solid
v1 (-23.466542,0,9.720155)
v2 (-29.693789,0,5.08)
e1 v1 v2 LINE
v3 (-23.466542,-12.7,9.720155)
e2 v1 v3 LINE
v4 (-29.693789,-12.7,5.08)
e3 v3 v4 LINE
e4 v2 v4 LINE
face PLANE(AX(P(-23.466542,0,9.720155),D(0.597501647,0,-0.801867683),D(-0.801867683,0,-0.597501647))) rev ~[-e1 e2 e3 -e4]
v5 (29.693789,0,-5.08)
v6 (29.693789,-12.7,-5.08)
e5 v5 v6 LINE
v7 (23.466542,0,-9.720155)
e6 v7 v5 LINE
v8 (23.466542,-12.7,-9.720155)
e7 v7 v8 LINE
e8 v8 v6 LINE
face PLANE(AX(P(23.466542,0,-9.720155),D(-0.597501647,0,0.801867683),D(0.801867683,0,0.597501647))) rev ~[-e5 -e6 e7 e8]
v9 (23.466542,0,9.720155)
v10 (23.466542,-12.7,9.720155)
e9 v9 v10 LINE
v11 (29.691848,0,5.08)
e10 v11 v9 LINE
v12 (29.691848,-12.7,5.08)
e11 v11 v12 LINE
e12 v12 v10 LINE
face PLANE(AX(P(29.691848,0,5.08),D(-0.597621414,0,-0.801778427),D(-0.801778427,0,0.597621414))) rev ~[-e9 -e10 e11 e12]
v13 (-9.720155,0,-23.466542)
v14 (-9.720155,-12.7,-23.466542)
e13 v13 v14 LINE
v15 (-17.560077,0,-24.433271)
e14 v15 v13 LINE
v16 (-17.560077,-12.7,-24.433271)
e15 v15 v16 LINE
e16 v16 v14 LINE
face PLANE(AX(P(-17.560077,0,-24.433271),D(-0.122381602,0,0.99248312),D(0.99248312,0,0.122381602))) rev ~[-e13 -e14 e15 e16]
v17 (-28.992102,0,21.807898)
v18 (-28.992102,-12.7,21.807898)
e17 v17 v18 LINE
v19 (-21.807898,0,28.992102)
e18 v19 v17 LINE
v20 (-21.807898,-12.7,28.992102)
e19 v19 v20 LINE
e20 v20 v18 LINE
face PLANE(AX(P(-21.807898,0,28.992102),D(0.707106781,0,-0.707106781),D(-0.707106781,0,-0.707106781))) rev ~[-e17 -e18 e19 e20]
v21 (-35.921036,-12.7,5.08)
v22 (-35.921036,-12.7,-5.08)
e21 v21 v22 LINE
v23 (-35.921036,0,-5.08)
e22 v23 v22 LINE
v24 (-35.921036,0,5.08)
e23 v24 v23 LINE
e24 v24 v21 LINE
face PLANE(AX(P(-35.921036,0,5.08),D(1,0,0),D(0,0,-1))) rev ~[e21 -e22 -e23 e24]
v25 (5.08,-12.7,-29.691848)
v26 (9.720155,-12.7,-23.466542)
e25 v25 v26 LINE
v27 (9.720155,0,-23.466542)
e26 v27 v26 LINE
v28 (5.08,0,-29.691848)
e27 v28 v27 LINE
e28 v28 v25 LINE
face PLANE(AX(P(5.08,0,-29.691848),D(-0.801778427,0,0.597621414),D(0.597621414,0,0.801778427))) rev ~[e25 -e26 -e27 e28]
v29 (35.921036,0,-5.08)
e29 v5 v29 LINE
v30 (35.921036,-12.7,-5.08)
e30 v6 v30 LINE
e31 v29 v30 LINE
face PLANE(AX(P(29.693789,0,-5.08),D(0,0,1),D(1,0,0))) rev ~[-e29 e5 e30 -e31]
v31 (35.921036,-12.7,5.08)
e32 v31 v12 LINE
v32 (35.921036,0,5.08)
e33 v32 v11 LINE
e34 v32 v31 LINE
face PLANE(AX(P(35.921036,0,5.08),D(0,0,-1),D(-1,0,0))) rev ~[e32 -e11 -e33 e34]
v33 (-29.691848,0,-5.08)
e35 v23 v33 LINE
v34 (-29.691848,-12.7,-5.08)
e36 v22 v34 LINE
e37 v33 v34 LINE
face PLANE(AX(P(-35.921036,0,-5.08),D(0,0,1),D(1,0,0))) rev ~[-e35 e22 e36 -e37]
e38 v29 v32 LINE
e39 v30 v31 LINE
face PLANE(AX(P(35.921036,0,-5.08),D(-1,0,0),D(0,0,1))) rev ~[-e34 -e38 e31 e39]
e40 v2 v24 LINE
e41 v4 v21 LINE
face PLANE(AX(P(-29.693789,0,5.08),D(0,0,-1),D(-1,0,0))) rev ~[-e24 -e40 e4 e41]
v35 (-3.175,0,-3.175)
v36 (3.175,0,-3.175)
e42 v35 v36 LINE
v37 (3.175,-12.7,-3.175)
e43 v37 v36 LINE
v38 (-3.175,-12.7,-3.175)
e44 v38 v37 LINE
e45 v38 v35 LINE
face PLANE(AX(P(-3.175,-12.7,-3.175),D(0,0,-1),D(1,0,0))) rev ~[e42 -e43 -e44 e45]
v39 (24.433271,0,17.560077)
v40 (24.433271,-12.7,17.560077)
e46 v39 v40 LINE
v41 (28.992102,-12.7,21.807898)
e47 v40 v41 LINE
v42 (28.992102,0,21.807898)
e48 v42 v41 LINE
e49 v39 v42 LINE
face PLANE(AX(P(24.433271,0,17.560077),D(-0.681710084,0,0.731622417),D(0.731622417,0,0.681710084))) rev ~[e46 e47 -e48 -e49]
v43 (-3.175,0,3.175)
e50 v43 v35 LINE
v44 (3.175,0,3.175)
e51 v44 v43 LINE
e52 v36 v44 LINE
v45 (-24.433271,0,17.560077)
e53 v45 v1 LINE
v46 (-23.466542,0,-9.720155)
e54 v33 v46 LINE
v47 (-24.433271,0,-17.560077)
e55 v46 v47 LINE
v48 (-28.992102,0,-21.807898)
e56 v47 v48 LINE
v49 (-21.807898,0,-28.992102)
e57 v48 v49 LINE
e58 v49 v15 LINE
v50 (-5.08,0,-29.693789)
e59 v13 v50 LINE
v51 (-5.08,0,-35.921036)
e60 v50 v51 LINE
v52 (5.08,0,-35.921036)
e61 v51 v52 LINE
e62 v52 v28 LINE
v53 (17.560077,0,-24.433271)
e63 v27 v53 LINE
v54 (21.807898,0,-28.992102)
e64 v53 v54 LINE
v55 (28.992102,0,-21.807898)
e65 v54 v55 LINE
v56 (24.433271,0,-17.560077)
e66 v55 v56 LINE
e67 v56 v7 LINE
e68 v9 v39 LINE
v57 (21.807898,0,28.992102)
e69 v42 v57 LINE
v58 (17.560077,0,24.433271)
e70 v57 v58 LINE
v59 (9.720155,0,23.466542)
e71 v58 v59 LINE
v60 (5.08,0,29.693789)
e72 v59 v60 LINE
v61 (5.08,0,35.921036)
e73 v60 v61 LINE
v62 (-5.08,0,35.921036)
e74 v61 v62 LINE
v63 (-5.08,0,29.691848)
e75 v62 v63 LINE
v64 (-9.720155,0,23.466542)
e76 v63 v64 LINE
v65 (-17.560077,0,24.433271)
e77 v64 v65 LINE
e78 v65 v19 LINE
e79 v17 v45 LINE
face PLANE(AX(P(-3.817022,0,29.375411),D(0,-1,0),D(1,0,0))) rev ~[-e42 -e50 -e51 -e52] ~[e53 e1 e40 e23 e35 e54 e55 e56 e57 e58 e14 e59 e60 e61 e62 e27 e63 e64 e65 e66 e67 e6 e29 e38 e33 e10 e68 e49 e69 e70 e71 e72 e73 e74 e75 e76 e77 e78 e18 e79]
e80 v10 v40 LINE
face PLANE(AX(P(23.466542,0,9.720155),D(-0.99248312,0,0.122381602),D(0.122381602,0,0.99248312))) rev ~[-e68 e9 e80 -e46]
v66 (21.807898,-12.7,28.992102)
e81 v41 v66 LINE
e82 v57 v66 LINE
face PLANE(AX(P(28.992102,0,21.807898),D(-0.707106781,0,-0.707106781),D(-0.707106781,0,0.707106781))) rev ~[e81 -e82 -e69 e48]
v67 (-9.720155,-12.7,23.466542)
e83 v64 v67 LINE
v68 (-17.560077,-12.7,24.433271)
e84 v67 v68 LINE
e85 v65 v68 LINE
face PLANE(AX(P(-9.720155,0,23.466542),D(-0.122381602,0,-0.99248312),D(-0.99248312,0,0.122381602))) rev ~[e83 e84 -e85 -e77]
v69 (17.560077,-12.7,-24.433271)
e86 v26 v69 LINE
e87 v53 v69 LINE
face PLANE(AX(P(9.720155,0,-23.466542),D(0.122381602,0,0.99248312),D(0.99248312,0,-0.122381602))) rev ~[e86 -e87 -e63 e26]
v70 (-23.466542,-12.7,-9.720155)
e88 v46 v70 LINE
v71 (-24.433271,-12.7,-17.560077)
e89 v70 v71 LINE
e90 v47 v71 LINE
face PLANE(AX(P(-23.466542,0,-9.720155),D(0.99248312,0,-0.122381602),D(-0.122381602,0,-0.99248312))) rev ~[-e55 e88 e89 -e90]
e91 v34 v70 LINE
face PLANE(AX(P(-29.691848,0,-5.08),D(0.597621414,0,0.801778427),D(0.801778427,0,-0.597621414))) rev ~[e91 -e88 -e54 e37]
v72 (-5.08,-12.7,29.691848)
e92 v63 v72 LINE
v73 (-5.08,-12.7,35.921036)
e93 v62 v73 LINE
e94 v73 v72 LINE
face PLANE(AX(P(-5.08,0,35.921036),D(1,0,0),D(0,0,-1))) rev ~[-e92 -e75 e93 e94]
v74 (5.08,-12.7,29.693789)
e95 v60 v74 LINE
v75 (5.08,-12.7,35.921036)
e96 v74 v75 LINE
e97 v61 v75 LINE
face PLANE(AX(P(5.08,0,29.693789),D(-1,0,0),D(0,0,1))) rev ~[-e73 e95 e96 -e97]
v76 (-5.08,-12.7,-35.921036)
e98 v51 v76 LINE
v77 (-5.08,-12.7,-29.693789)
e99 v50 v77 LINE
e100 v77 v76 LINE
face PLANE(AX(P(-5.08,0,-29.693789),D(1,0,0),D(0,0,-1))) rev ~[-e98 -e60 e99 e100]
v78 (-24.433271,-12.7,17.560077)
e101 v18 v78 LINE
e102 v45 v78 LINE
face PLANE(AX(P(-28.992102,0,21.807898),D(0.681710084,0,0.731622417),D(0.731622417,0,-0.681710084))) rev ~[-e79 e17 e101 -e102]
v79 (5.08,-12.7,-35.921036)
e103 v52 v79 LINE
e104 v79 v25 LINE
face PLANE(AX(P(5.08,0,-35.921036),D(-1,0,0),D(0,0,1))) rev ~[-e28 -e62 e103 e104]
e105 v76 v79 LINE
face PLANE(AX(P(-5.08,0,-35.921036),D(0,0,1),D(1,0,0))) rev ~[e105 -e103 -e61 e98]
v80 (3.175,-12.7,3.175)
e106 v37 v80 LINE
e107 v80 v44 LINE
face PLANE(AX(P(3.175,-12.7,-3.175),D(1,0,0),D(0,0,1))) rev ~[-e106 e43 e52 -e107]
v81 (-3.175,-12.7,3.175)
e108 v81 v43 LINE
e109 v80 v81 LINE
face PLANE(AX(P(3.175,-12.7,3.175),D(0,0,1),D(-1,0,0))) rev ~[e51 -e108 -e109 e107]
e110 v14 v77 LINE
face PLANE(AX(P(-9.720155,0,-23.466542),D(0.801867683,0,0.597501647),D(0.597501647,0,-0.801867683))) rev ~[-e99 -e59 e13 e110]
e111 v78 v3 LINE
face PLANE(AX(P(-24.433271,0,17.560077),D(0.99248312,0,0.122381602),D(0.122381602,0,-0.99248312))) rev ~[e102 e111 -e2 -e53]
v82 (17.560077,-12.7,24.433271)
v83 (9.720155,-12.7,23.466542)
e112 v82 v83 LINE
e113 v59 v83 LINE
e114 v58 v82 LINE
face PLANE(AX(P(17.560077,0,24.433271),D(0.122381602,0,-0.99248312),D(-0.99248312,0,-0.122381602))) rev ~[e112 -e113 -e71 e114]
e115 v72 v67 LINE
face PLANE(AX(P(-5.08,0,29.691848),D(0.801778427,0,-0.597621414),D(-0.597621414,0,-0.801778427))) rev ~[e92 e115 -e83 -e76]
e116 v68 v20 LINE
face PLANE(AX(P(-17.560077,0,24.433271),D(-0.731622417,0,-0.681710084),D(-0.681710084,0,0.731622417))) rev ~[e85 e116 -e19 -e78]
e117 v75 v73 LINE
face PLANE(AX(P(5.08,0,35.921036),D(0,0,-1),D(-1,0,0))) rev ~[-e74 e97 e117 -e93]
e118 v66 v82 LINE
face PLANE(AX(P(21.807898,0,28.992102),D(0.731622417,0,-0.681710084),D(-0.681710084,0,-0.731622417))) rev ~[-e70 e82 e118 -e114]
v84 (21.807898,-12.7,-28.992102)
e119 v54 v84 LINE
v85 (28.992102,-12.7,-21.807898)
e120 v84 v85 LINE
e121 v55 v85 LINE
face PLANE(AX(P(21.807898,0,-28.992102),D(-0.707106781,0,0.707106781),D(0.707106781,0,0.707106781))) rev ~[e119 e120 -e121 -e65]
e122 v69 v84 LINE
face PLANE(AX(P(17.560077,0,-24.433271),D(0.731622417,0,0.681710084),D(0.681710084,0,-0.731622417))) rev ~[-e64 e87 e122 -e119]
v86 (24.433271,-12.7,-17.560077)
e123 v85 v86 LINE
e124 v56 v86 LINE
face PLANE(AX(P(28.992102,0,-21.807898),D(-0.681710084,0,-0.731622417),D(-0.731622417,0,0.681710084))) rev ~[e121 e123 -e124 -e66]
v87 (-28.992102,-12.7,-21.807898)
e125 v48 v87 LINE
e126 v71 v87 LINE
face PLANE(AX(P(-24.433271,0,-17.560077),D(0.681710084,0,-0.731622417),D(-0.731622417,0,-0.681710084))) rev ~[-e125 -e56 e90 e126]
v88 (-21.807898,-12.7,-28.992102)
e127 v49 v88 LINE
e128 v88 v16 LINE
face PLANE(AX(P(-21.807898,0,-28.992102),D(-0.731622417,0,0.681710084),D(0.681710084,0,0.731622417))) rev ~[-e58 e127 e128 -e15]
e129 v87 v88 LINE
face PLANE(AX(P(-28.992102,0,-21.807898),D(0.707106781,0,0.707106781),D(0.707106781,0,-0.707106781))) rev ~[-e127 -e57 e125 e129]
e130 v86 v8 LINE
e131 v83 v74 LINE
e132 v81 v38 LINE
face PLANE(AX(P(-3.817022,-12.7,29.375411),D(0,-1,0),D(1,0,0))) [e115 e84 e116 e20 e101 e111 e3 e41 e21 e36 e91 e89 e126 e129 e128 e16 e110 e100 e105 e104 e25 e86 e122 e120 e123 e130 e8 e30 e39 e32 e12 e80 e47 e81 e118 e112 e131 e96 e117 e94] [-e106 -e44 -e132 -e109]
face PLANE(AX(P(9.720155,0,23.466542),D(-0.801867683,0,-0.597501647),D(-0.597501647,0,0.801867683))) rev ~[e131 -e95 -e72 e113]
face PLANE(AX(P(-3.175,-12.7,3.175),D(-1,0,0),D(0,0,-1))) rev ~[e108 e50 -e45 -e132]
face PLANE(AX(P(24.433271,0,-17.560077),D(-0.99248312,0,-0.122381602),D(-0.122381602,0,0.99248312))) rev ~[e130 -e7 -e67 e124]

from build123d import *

# Parameters (mm, degrees)
F1_DEPTH = 12.7
F2_W     = 3.175
F2_H     = 3.175
F3_DEPTH = 12.7


with BuildPart() as f1:
    # F0 (on Front) → F1 (new body)
    with BuildSketch(Plane.XZ):
        with BuildLine():
            ThreePointArc((-9.720155, 23.466542), (-4.955292, 24.911947), (0, 25.4))
            Line((0, 25.4), (0, 35.921036))
            Line((0, 35.921036), (-5.08, 35.921036))
            Line((-5.08, 35.921036), (-5.08, 29.691848))
            Line((-5.08, 29.691848), (-9.720155, 23.466542))
        make_face()
        with BuildLine():
            ThreePointArc((0, 25.4), (4.955292, 24.911947), (9.720155, 23.466542))
            Line((9.720155, 23.466542), (5.08, 29.693789))
            Line((5.08, 29.693789), (5.08, 35.921036))
            Line((5.08, 35.921036), (0, 35.921036))
            Line((0, 35.921036), (0, 25.4))
        make_face()
        with BuildLine():
            ThreePointArc((9.720155, 23.466542), (17.960512, 17.960512), (23.466542, 9.720155))
            Line((23.466542, 9.720155), (24.433271, 17.560077))
            Line((24.433271, 17.560077), (28.992102, 21.807898))
            Line((28.992102, 21.807898), (25.4, 25.4))
            Line((25.4, 25.4), (21.807898, 28.992102))
            Line((21.807898, 28.992102), (17.560077, 24.433271))
            Line((17.560077, 24.433271), (9.720155, 23.466542))
        make_face()
        with BuildLine():
            ThreePointArc((23.466542, 9.720155), (24.911947, 4.955292), (25.4, 0))
            Line((25.4, 0), (35.921036, 0))
            Line((35.921036, 0), (35.921036, 5.08))
            Line((35.921036, 5.08), (29.691848, 5.08))
            Line((29.691848, 5.08), (23.466542, 9.720155))
        make_face()
        with BuildLine():
            Line((35.921036, 0), (25.4, 0))
            ThreePointArc((25.4, 0), (24.911947, -4.955292), (23.466542, -9.720155))
            Line((23.466542, -9.720155), (29.693789, -5.08))
            Line((29.693789, -5.08), (35.921036, -5.08))
            Line((35.921036, -5.08), (35.921036, 0))
        make_face()
        with BuildLine():
            Line((24.433271, -17.560077), (23.466542, -9.720155))
            ThreePointArc((23.466542, -9.720155), (17.960512, -17.960512), (9.720155, -23.466542))
            Line((9.720155, -23.466542), (17.560077, -24.433271))
            Line((17.560077, -24.433271), (21.807898, -28.992102))
            Line((21.807898, -28.992102), (25.4, -25.4))
            Line((25.4, -25.4), (28.992102, -21.807898))
            Line((28.992102, -21.807898), (24.433271, -17.560077))
        make_face()
        with BuildLine():
            Line((5.08, -29.691848), (9.720155, -23.466542))
            ThreePointArc((9.720155, -23.466542), (4.955292, -24.911947), (0, -25.4))
            Line((0, -25.4), (0, -35.921036))
            Line((0, -35.921036), (5.08, -35.921036))
            Line((5.08, -35.921036), (5.08, -29.691848))
        make_face()
        with BuildLine():
            Line((0, -35.921036), (0, -25.4))
            ThreePointArc((0, -25.4), (-4.955292, -24.911947), (-9.720155, -23.466542))
            Line((-9.720155, -23.466542), (-5.08, -29.693789))
            Line((-5.08, -29.693789), (-5.08, -35.921036))
            Line((-5.08, -35.921036), (0, -35.921036))
        make_face()
        with BuildLine():
            ThreePointArc((-9.720155, -23.466542), (-17.960512, -17.960512), (-23.466542, -9.720155))
            Line((-23.466542, -9.720155), (-24.433271, -17.560077))
            Line((-24.433271, -17.560077), (-28.992102, -21.807898))
            Line((-28.992102, -21.807898), (-25.4, -25.4))
            Line((-25.4, -25.4), (-21.807898, -28.992102))
            Line((-21.807898, -28.992102), (-17.560077, -24.433271))
            Line((-17.560077, -24.433271), (-9.720155, -23.466542))
        make_face()
        with BuildLine():
            ThreePointArc((-23.466542, -9.720155), (-24.911947, -4.955292), (-25.4, 0))
            Line((-25.4, 0), (-35.921036, 0))
            Line((-35.921036, 0), (-35.921036, -5.08))
            Line((-35.921036, -5.08), (-29.691848, -5.08))
            Line((-29.691848, -5.08), (-23.466542, -9.720155))
        make_face()
        with BuildLine():
            Line((-35.921036, 0), (-25.4, 0))
            ThreePointArc((-25.4, 0), (-24.911947, 4.955292), (-23.466542, 9.720155))
            Line((-23.466542, 9.720155), (-29.693789, 5.08))
            Line((-29.693789, 5.08), (-35.921036, 5.08))
            Line((-35.921036, 5.08), (-35.921036, 0))
        make_face()
        with BuildLine():
            Line((-24.433271, 17.560077), (-23.466542, 9.720155))
            ThreePointArc((-23.466542, 9.720155), (-17.960512, 17.960512), (-9.720155, 23.466542))
            Line((-9.720155, 23.466542), (-17.560077, 24.433271))
            Line((-17.560077, 24.433271), (-21.807898, 28.992102))
            Line((-21.807898, 28.992102), (-25.4, 25.4))
            Line((-25.4, 25.4), (-28.992102, 21.807898))
            Line((-28.992102, 21.807898), (-24.433271, 17.560077))
        make_face()
        with BuildLine():
            Line((-25.4, 0), (0, 0))
            Line((0, 0), (0, 25.4))
            ThreePointArc((0, 25.4), (-4.955292, 24.911947), (-9.720155, 23.466542))
            ThreePointArc((-9.720155, 23.466542), (-17.960512, 17.960512), (-23.466542, 9.720155))
            ThreePointArc((-23.466542, 9.720155), (-24.911947, 4.955292), (-25.4, 0))
        make_face()
        with BuildLine():
            Line((0, 0), (25.4, 0))
            ThreePointArc((25.4, 0), (24.911947, 4.955292), (23.466542, 9.720155))
            ThreePointArc((23.466542, 9.720155), (17.960512, 17.960512), (9.720155, 23.466542))
            ThreePointArc((9.720155, 23.466542), (4.955292, 24.911947), (0, 25.4))
            Line((0, 25.4), (0, 0))
        make_face()
        with BuildLine():
            ThreePointArc((23.466542, -9.720155), (24.911947, -4.955292), (25.4, 0))
            Line((25.4, 0), (0, 0))
            Line((0, 0), (0, -25.4))
            ThreePointArc((0, -25.4), (4.955292, -24.911947), (9.720155, -23.466542))
            ThreePointArc((9.720155, -23.466542), (17.960512, -17.960512), (23.466542, -9.720155))
        make_face()
        with BuildLine():
            Line((0, -25.4), (0, 0))
            Line((0, 0), (-25.4, 0))
            ThreePointArc((-25.4, 0), (-24.911947, -4.955292), (-23.466542, -9.720155))
            ThreePointArc((-23.466542, -9.720155), (-17.960512, -17.960512), (-9.720155, -23.466542))
            ThreePointArc((-9.720155, -23.466542), (-4.955292, -24.911947), (0, -25.4))
        make_face()
    extrude(amount=F1_DEPTH)

    # F2 (on face) → F3 (cut)
    with BuildSketch(Plane.XZ.offset(12.7)):
        with Locations((1.5875, -1.5875)):
            Rectangle(F2_W, F2_H)
        with Locations((-1.5875, -1.5875)):
            Rectangle(F2_W, F2_H)
        with Locations((1.5875, 1.5875)):
            Rectangle(F2_W, F2_H)
        with Locations((-1.5875, 1.5875)):
            Rectangle(F2_W, F2_H)
    extrude(amount=-F3_DEPTH, mode=Mode.SUBTRACT)


solid = f1.part
